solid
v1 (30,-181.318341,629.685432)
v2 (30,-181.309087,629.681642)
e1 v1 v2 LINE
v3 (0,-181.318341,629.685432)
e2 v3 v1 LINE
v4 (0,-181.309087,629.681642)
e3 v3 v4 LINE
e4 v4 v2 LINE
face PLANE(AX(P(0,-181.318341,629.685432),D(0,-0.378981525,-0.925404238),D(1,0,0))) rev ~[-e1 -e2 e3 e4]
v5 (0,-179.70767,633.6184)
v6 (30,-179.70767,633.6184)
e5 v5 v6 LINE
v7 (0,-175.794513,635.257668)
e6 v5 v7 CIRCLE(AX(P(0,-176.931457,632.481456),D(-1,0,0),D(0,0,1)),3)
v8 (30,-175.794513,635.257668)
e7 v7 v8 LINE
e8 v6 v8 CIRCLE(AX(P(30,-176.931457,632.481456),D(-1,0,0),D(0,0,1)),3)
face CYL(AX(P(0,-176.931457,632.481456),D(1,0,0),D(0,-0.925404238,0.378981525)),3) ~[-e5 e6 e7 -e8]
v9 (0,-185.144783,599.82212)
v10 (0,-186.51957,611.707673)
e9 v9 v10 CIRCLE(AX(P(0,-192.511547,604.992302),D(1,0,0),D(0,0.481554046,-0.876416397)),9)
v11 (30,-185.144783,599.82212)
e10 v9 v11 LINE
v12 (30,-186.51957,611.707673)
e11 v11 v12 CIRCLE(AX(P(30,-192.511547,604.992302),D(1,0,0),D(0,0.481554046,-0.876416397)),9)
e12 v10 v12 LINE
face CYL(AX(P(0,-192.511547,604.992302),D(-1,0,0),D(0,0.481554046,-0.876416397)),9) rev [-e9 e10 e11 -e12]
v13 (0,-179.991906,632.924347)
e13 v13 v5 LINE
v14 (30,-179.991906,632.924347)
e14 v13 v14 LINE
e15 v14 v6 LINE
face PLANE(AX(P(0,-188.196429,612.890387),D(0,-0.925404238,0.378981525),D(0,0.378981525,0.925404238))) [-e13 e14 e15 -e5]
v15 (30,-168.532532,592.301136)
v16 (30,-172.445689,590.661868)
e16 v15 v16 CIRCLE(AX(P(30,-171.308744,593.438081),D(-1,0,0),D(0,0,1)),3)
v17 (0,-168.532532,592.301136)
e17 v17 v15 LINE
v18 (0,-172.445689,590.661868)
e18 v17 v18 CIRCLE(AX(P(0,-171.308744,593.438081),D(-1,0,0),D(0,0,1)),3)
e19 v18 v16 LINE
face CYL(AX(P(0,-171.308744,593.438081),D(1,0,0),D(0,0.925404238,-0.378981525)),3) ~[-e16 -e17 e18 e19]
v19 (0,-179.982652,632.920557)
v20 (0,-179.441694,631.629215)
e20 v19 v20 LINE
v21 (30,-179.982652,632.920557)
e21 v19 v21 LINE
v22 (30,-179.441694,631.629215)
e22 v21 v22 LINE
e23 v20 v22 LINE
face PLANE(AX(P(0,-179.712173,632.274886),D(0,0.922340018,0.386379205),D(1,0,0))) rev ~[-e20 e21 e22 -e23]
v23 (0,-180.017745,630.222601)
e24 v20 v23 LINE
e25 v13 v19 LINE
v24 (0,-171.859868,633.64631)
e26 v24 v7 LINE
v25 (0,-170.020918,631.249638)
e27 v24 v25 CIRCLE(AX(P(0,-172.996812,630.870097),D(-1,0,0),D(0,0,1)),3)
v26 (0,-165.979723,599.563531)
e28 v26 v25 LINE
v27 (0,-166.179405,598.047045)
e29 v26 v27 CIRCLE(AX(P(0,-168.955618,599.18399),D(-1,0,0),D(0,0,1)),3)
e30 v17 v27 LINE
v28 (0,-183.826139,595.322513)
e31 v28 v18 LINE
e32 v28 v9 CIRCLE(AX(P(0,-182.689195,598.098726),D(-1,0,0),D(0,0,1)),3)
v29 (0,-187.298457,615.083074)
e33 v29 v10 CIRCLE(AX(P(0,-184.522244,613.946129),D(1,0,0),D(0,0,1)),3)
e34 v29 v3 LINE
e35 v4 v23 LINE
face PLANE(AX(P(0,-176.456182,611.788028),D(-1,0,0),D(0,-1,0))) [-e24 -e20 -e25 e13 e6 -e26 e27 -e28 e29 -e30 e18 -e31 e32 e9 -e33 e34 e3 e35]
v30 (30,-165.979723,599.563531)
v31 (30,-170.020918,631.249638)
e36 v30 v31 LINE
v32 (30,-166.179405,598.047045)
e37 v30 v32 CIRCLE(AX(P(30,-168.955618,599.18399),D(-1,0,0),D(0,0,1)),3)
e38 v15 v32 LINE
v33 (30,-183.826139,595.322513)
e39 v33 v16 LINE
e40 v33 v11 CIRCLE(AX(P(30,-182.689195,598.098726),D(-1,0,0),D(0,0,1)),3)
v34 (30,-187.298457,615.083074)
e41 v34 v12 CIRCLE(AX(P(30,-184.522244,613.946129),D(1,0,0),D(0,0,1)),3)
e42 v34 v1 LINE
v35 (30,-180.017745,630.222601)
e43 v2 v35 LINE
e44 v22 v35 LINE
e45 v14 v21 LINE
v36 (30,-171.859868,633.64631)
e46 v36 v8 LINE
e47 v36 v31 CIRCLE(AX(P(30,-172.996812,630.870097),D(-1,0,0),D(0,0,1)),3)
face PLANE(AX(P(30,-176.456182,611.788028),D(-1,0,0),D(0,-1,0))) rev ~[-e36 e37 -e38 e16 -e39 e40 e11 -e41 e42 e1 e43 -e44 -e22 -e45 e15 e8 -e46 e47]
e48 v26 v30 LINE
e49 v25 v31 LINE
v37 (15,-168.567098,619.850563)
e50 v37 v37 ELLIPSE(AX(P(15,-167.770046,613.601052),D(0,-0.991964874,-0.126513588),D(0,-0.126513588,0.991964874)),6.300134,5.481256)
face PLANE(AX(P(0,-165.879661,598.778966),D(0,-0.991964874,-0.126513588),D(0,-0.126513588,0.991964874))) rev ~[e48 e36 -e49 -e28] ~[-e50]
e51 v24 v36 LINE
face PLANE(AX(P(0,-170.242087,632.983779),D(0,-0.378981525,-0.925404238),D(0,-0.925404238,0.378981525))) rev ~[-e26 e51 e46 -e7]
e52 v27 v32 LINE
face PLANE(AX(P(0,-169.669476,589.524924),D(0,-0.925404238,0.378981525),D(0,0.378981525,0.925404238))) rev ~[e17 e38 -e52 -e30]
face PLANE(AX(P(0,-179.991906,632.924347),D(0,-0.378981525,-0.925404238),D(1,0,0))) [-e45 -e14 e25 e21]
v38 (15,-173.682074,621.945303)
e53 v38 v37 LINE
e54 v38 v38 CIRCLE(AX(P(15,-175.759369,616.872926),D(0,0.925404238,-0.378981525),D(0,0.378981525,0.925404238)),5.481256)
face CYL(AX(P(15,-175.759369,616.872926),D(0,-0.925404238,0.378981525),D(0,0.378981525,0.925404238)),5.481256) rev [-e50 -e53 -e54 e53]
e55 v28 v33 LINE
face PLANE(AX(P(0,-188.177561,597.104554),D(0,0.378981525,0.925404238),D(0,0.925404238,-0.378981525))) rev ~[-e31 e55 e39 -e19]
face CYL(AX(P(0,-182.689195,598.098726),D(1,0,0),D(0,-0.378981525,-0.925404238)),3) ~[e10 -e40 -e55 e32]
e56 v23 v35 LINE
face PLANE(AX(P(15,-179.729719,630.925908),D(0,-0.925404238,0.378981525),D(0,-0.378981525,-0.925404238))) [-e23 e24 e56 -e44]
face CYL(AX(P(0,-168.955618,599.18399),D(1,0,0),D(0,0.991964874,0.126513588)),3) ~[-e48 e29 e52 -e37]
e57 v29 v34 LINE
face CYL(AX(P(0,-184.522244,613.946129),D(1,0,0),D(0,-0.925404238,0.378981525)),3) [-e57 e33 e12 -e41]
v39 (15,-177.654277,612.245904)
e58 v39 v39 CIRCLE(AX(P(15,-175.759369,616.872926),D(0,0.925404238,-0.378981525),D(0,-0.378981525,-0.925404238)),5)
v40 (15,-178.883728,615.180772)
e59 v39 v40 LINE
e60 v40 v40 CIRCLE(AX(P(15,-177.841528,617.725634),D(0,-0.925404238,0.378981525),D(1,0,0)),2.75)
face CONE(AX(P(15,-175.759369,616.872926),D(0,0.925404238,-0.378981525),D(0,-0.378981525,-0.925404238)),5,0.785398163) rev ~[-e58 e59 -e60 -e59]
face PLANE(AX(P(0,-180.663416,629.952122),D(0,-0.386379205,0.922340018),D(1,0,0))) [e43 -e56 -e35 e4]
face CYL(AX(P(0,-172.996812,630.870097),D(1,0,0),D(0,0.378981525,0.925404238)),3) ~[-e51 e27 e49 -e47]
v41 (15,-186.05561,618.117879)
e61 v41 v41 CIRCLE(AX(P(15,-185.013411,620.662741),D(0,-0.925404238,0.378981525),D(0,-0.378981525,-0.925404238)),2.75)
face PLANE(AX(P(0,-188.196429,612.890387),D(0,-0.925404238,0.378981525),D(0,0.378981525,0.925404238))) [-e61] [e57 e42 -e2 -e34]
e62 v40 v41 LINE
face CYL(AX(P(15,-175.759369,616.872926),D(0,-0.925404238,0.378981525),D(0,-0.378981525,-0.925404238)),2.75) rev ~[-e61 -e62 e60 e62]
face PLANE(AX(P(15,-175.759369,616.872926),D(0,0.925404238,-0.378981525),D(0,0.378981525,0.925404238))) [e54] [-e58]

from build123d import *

# Parameters (mm, degrees)
PAD001_DEPTH        = 30
HOLE002_D           = 5.5
HOLE002_CSINK_D     = 10
HOLE002_CSINK_ANGLE = 90
SKETCH004_R         = 6.501169
SKETCH004_R_2       = 5.481256
POCKET_DEPTH        = 19.5081110955
SKETCH007_W         = 3.5
SKETCH007_H         = 30
POCKET002_DEPTH     = 1
CHAMFER_SIZE        = 0.99
FILLET003_R         = 3


with BuildPart() as part:
    # Sketch002 → Pad001 (new body)
    with BuildSketch(Plane.YZ):
        with BuildLine():
            Line((-188.1964293023, 612.8903873712), (-178.5707253545, 636.394612861))
            Line((-170.2420872134, 632.9837791337), (-178.5707253545, 636.394612861))
            Line((-165.8796609268, 598.7789660675), (-170.2420872134, 632.9837791337))
            Line((-169.6694761794, 589.5249236885), (-165.8796609268, 598.7789660675))
            Line((-188.1775609373, 597.1045541936), (-169.6694761794, 589.5249236885))
            ThreePointArc((-188.1775609373, 597.1045541936), (-183.51155378, 605.0030592067), (-188.1964293023, 612.8903873712))
        make_face()
    extrude(amount=PAD001_DEPTH)

    # Hole002 (through all)
    with Locations(Plane(origin=(0, -366.8597668241, 150.2403687946), x_dir=(0, 0.3789815253, 0.9254042379), z_dir=(0, 0.9254042379, -0.3789815253))):
        with Locations((-506.967621, 13.13074), (504.2472658549, 15)):
            CounterSinkHole(HOLE002_D / 2, HOLE002_CSINK_D / 2, counter_sink_angle=HOLE002_CSINK_ANGLE)

    # Sketch004 (on DatumPlane) → Pocket (cut, through all)
    with BuildSketch(Plane(origin=(0, -366.8597668241, 150.2403687946), x_dir=(0, 0.3789815253, 0.9254042379), z_dir=(0, 0.9254042379, -0.3789815253))):
        with Locations((-506.967621, 13.13074)):
            Circle(SKETCH004_R)
        with Locations((504.2472658549, 15)):
            Circle(SKETCH004_R_2)
    extrude(amount=POCKET_DEPTH, mode=Mode.SUBTRACT)

    # Sketch007 (on Face6 of Pocket) → Pocket002 (cut)
    with BuildSketch(Plane(origin=(0, -376.1138092031, 154.0301840472), x_dir=(0, -0.3789815253, -0.9254042379), z_dir=(0, -0.9254042379, 0.3789815253))):
        with Locations((-515.7472658549, 15)):
            Rectangle(SKETCH007_W, SKETCH007_H)
    extrude(amount=-POCKET002_DEPTH, mode=Mode.SUBTRACT)

    # Chamfer
    chamfer_edges = [part.edges().sort_by_distance(p)[0] for p in [
        (15, -179.066502, 632.545365),
        (15, -180.392937, 629.306451),
    ]]
    chamfer(chamfer_edges, length=CHAMFER_SIZE)

    # Fillet003
    fillet003_edges = [part.edges().sort_by_distance(p)[0] for p in [
        (15, -188.177561, 597.104554),
        (15, -169.669476, 589.524924),
        (15, -165.879661, 598.778966),
        (15, -170.242087, 632.983779),
        (15, -178.570725, 636.394613),
        (15, -188.196429, 612.890387),
    ]]
    fillet(fillet003_edges, radius=FILLET003_R)


solid = part.part
